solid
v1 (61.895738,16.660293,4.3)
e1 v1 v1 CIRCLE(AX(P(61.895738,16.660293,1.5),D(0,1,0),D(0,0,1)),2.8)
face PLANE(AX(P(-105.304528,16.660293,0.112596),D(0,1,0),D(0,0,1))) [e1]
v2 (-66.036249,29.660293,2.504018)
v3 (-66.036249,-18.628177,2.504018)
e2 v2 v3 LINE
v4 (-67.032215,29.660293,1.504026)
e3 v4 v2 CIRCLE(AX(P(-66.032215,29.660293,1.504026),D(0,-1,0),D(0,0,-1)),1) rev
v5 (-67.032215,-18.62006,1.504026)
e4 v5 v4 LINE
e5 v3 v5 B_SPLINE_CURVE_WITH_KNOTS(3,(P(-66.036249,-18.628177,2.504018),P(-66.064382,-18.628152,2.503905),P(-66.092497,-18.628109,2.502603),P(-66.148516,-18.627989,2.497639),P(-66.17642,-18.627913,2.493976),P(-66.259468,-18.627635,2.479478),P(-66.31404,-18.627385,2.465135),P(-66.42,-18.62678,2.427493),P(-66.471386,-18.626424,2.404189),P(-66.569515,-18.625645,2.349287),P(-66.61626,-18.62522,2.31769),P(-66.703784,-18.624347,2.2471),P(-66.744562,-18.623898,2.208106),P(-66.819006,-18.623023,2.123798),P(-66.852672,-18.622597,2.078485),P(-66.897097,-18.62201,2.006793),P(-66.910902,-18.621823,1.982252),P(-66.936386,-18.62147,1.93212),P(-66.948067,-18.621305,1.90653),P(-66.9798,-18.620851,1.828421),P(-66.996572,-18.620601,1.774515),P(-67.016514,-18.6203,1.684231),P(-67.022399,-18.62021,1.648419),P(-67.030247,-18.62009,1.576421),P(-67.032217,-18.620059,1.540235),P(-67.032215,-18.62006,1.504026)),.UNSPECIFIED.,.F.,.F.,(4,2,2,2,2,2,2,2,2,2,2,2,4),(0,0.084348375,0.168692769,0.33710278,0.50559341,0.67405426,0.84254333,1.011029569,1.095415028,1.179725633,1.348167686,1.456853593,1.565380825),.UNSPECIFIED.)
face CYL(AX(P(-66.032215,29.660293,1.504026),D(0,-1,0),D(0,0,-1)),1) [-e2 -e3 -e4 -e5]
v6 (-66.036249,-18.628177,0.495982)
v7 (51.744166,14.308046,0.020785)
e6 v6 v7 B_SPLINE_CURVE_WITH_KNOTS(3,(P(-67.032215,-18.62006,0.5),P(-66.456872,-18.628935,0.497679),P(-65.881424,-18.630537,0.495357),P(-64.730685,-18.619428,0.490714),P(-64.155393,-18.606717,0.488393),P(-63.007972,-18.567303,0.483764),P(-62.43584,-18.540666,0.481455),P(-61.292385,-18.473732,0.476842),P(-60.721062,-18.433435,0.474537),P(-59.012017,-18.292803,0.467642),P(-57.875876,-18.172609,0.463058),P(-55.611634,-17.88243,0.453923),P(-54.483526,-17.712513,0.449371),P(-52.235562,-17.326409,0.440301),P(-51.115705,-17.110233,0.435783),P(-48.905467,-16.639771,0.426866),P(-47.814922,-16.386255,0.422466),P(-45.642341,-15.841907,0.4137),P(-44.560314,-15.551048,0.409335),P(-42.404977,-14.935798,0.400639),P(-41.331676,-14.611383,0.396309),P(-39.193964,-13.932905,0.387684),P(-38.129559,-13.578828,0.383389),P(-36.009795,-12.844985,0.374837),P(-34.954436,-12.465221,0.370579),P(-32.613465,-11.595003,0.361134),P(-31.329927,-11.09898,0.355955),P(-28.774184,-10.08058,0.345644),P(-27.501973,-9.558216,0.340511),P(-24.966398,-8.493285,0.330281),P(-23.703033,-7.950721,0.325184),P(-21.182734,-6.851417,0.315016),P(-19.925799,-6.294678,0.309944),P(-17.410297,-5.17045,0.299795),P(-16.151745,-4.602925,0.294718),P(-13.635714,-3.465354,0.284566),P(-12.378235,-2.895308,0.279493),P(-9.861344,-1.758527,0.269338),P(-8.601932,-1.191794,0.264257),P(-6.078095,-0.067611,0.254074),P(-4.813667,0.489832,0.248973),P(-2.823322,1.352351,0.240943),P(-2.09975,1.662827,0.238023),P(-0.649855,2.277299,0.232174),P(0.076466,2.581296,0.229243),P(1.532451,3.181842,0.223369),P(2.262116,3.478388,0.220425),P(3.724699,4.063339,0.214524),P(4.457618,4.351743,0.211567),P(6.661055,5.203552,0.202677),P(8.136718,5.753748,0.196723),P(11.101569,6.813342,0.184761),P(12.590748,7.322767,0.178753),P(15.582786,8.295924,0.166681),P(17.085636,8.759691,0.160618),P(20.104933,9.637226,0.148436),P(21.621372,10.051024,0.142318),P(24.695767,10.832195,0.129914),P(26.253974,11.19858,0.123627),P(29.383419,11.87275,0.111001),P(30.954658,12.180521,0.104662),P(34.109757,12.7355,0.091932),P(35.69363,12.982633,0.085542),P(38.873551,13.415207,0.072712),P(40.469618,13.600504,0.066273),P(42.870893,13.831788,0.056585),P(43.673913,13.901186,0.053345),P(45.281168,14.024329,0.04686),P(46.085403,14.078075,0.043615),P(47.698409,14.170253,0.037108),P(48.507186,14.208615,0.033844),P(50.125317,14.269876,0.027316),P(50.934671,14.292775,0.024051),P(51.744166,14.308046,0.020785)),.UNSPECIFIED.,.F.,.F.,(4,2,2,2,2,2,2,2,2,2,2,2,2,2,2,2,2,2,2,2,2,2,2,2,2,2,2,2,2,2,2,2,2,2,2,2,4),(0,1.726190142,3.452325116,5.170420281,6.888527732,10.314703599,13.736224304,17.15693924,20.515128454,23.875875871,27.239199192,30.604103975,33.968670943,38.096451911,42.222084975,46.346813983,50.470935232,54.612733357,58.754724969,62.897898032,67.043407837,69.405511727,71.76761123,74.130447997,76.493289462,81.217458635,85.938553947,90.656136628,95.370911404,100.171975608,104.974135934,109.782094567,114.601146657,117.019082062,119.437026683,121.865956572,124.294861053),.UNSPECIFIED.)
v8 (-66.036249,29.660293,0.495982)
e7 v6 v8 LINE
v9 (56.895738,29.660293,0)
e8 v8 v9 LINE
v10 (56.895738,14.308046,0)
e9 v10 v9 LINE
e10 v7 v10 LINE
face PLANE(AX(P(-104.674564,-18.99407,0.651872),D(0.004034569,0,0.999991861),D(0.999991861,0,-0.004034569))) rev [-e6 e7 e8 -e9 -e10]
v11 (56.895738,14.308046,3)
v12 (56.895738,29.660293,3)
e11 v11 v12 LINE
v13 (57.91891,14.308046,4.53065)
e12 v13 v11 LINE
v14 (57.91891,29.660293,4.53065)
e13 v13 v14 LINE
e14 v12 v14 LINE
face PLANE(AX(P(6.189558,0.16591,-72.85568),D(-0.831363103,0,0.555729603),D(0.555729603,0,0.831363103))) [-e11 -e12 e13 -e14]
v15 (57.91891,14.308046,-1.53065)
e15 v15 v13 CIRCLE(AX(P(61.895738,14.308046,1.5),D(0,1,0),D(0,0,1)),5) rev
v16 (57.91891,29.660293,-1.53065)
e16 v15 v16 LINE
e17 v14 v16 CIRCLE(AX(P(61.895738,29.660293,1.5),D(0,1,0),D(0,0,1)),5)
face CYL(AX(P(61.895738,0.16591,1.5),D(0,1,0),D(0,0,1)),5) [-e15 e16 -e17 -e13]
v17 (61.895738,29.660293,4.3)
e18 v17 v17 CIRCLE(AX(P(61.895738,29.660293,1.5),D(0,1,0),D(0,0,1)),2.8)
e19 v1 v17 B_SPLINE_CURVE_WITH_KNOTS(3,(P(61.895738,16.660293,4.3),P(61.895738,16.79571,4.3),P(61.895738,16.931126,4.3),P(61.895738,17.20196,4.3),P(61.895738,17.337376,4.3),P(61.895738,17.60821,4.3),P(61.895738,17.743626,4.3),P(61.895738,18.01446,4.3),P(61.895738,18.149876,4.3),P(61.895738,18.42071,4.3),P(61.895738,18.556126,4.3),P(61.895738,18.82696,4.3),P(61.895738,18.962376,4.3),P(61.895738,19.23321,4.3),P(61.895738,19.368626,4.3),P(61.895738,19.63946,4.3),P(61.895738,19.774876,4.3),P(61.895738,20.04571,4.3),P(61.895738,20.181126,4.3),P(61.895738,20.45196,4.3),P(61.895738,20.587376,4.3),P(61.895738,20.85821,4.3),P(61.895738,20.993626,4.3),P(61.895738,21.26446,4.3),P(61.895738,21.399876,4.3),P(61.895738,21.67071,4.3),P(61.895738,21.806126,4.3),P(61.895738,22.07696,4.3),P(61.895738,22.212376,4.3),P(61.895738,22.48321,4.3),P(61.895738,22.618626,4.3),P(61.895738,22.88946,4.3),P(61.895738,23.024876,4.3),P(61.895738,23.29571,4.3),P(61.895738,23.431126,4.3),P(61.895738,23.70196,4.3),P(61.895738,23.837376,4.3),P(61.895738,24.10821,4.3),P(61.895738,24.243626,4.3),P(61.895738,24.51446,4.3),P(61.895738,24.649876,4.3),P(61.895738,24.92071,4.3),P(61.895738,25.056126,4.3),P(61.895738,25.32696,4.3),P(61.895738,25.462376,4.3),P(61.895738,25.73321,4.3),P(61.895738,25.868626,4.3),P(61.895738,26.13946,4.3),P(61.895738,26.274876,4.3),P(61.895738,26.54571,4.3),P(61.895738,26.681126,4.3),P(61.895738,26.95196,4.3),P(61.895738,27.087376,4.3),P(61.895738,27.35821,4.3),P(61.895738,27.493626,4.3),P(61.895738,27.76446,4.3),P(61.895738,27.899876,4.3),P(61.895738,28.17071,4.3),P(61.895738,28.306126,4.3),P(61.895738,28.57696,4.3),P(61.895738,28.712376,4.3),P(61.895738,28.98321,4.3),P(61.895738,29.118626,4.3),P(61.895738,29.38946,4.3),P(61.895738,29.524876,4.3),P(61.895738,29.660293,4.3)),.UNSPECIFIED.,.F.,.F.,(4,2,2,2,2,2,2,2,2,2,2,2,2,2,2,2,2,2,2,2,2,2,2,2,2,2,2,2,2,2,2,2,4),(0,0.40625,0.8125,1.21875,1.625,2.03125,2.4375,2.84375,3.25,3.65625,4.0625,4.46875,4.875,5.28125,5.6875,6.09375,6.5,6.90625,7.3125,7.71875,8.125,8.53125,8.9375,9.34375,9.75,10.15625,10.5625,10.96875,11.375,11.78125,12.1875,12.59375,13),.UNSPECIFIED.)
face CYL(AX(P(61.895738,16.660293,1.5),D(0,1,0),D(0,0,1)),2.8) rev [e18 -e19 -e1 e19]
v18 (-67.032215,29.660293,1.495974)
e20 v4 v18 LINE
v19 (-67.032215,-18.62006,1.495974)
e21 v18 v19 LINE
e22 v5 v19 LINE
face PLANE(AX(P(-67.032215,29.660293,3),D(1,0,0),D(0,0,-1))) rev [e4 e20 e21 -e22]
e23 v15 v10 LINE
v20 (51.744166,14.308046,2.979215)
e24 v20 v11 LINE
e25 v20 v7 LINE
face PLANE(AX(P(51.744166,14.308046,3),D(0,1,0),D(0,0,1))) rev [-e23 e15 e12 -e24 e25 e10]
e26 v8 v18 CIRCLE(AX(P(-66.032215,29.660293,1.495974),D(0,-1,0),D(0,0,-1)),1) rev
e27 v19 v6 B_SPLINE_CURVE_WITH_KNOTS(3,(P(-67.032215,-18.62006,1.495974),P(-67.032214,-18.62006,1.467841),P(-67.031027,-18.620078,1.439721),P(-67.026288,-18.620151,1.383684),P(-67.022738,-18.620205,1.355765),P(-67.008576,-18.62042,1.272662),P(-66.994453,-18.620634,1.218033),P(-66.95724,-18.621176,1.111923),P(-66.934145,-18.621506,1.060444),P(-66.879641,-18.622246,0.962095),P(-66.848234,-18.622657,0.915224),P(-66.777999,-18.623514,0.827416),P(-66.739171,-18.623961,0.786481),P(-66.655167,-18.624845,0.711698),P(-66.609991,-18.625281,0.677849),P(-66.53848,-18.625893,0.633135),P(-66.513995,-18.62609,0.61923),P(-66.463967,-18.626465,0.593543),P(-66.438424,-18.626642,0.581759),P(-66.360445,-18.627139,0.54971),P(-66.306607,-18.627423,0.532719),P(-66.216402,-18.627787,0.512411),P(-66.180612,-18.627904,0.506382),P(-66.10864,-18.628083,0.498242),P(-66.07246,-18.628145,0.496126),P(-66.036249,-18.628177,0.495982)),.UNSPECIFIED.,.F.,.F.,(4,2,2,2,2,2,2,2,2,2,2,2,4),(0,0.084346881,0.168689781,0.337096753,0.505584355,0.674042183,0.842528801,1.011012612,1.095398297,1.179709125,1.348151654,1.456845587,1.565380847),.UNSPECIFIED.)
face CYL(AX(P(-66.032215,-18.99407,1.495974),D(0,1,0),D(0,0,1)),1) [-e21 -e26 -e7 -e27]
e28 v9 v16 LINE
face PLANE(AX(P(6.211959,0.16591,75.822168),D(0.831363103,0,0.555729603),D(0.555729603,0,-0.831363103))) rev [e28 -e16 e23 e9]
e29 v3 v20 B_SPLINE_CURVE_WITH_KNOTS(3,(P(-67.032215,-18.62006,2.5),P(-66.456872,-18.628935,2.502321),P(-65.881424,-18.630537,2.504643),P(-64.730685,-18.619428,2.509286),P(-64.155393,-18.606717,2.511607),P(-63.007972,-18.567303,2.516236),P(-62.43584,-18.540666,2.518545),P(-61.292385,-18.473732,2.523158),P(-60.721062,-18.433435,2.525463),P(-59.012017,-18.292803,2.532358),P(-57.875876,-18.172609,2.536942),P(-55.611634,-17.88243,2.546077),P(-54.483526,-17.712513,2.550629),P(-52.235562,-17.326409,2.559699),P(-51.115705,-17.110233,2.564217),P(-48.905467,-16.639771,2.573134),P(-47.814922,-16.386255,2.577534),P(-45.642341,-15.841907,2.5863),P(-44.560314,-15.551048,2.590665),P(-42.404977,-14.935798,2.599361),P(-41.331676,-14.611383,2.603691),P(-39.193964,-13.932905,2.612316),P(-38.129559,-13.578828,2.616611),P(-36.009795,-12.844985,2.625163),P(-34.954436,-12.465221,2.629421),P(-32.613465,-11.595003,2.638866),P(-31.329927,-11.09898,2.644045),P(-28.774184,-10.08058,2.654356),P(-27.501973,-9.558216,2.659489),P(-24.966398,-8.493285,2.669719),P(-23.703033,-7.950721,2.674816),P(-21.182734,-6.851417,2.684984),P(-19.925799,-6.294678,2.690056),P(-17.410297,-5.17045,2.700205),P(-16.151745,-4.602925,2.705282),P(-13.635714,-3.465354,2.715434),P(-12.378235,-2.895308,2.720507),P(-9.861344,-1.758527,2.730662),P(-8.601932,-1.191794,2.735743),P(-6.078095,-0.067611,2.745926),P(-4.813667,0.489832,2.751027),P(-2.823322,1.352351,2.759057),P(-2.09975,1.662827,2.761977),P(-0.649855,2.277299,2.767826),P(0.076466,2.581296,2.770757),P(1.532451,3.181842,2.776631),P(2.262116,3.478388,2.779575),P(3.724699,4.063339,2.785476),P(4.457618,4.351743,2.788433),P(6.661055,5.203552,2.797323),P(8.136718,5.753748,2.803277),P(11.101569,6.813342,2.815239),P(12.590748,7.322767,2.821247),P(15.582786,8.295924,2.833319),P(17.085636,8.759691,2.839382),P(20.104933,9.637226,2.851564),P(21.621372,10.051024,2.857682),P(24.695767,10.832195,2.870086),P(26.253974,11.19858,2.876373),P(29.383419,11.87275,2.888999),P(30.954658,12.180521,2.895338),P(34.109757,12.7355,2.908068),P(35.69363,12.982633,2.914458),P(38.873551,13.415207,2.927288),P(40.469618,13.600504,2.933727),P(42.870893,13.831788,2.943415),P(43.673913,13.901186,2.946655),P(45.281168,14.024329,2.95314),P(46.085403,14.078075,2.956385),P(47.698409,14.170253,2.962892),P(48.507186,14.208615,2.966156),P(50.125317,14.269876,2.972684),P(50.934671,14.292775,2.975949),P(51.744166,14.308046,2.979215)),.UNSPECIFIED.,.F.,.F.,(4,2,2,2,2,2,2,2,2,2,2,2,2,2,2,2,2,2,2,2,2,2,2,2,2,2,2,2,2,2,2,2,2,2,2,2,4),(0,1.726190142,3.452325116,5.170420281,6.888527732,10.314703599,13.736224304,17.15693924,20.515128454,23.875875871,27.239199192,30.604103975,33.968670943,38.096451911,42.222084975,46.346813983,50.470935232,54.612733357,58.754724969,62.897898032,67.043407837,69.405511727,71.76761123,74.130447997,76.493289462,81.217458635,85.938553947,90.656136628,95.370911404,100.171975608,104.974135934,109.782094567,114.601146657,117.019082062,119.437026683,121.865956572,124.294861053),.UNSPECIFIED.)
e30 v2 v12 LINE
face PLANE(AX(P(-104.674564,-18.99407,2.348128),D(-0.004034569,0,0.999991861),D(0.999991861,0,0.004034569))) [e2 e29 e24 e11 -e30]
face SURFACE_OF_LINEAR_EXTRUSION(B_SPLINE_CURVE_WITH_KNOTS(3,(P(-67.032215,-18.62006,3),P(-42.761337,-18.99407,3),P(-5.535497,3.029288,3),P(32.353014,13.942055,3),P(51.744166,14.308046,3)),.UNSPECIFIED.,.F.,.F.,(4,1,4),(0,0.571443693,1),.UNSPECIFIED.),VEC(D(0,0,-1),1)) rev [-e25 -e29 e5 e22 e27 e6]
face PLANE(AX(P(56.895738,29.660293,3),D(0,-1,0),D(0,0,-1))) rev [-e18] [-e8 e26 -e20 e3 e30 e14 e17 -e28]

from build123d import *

# Parameters (mm, degrees)
Y_KSEKLIK_EKSTR_ZYON1_DEPTH = 3
Y_KSEKLIK_EKSTR_ZYON3_DEPTH = 15.352247347
KES_EKSTR_ZYON6_DEPTH       = 83.869457244
RADYUS1_R                   = 1
IZIM9_R                     = 2.8
KES_EKSTR_ZYON7_DEPTH       = 13


with BuildPart() as part:
    # Çizim1 → Yükseklik-Ekstrüzyon1 (new body)
    with BuildSketch(Plane.XY):
        with BuildLine():
            Line((51.744165627, 14.308045798), (56.895737739, 14.308045798))
            Line((56.895737739, 14.308045798), (56.895737739, 29.660293145))
            Line((56.895737739, 29.660293145), (-67.032214562, 29.660293145))
            Line((-67.032214562, 29.660293145), (-67.032214562, -18.6200596))
            add(Edge.make_bspline(
                [(51.744165627, 14.308045798), (32.353014477, 13.942055171), (-5.53549701, 3.029288221), (-42.761336594, -18.994069798), (-67.032214562, -18.6200596)],
                knots=[0, 0, 0, 0, 0.428556307, 1, 1, 1, 1], degree=3))
        make_face()
    extrude(amount=Y_KSEKLIK_EKSTR_ZYON1_DEPTH)

    # Çizim5 → Yükseklik-Ekstrüzyon3 (add)
    with BuildSketch(Plane(origin=(0, 29.660293145, 0), x_dir=(1, 0, 0), z_dir=(0, 1, 0))):
        with BuildLine():
            Line((57.574880058, 1.015986664), (56.895737739, 0))
            Line((56.895737739, 0), (56.895737739, -3))
            Line((56.895737739, -3), (57.574880058, -4.015986664))
            Line((57.574880058, -4.015986664), (57.918910072, -4.530650376))
            ThreePointArc((57.918910072, -4.530650376), (66.895737739, -1.5), (57.918910072, 1.530650376))
            Line((57.918910072, 1.530650376), (57.574880058, 1.015986664))
        make_face()
    extrude(amount=-Y_KSEKLIK_EKSTR_ZYON3_DEPTH)

    # Çizim7 → Kes-Ekstrüzyon6 (cut, through all)
    with BuildSketch(Plane(origin=(0, 29.660293145, 0), x_dir=(1, 0, 0), z_dir=(0, 1, 0))):
        Polygon((-67.032214562, -0.5), (56.895737739, 0), (-67.032214562, 0), align=None)
        Polygon((-67.032214562, -3), (56.895737739, -3), (-67.032214562, -2.5), align=None)
    extrude(amount=-KES_EKSTR_ZYON6_DEPTH, mode=Mode.SUBTRACT)

    # Radyus1
    radyus1_edges = [part.edges().sort_by_distance(p)[0] for p in [
        (-67.032214562, 5.520116772, 2.5),
        (-67.032214562, 5.520116772, 0.5),
    ]]
    fillet(radyus1_edges, radius=RADYUS1_R)

    # Çizim9 → Kes-Ekstrüzyon7 (cut)
    with BuildSketch(Plane(origin=(0, 29.660293145, 0), x_dir=(-1, 0, 0), z_dir=(0, 1, 0))):
        with Locations(Location((-61.895737739, 1.5, 0), (0, 0, 90))):
            Circle(IZIM9_R)
    extrude(amount=-KES_EKSTR_ZYON7_DEPTH, mode=Mode.SUBTRACT)


solid = part.part
